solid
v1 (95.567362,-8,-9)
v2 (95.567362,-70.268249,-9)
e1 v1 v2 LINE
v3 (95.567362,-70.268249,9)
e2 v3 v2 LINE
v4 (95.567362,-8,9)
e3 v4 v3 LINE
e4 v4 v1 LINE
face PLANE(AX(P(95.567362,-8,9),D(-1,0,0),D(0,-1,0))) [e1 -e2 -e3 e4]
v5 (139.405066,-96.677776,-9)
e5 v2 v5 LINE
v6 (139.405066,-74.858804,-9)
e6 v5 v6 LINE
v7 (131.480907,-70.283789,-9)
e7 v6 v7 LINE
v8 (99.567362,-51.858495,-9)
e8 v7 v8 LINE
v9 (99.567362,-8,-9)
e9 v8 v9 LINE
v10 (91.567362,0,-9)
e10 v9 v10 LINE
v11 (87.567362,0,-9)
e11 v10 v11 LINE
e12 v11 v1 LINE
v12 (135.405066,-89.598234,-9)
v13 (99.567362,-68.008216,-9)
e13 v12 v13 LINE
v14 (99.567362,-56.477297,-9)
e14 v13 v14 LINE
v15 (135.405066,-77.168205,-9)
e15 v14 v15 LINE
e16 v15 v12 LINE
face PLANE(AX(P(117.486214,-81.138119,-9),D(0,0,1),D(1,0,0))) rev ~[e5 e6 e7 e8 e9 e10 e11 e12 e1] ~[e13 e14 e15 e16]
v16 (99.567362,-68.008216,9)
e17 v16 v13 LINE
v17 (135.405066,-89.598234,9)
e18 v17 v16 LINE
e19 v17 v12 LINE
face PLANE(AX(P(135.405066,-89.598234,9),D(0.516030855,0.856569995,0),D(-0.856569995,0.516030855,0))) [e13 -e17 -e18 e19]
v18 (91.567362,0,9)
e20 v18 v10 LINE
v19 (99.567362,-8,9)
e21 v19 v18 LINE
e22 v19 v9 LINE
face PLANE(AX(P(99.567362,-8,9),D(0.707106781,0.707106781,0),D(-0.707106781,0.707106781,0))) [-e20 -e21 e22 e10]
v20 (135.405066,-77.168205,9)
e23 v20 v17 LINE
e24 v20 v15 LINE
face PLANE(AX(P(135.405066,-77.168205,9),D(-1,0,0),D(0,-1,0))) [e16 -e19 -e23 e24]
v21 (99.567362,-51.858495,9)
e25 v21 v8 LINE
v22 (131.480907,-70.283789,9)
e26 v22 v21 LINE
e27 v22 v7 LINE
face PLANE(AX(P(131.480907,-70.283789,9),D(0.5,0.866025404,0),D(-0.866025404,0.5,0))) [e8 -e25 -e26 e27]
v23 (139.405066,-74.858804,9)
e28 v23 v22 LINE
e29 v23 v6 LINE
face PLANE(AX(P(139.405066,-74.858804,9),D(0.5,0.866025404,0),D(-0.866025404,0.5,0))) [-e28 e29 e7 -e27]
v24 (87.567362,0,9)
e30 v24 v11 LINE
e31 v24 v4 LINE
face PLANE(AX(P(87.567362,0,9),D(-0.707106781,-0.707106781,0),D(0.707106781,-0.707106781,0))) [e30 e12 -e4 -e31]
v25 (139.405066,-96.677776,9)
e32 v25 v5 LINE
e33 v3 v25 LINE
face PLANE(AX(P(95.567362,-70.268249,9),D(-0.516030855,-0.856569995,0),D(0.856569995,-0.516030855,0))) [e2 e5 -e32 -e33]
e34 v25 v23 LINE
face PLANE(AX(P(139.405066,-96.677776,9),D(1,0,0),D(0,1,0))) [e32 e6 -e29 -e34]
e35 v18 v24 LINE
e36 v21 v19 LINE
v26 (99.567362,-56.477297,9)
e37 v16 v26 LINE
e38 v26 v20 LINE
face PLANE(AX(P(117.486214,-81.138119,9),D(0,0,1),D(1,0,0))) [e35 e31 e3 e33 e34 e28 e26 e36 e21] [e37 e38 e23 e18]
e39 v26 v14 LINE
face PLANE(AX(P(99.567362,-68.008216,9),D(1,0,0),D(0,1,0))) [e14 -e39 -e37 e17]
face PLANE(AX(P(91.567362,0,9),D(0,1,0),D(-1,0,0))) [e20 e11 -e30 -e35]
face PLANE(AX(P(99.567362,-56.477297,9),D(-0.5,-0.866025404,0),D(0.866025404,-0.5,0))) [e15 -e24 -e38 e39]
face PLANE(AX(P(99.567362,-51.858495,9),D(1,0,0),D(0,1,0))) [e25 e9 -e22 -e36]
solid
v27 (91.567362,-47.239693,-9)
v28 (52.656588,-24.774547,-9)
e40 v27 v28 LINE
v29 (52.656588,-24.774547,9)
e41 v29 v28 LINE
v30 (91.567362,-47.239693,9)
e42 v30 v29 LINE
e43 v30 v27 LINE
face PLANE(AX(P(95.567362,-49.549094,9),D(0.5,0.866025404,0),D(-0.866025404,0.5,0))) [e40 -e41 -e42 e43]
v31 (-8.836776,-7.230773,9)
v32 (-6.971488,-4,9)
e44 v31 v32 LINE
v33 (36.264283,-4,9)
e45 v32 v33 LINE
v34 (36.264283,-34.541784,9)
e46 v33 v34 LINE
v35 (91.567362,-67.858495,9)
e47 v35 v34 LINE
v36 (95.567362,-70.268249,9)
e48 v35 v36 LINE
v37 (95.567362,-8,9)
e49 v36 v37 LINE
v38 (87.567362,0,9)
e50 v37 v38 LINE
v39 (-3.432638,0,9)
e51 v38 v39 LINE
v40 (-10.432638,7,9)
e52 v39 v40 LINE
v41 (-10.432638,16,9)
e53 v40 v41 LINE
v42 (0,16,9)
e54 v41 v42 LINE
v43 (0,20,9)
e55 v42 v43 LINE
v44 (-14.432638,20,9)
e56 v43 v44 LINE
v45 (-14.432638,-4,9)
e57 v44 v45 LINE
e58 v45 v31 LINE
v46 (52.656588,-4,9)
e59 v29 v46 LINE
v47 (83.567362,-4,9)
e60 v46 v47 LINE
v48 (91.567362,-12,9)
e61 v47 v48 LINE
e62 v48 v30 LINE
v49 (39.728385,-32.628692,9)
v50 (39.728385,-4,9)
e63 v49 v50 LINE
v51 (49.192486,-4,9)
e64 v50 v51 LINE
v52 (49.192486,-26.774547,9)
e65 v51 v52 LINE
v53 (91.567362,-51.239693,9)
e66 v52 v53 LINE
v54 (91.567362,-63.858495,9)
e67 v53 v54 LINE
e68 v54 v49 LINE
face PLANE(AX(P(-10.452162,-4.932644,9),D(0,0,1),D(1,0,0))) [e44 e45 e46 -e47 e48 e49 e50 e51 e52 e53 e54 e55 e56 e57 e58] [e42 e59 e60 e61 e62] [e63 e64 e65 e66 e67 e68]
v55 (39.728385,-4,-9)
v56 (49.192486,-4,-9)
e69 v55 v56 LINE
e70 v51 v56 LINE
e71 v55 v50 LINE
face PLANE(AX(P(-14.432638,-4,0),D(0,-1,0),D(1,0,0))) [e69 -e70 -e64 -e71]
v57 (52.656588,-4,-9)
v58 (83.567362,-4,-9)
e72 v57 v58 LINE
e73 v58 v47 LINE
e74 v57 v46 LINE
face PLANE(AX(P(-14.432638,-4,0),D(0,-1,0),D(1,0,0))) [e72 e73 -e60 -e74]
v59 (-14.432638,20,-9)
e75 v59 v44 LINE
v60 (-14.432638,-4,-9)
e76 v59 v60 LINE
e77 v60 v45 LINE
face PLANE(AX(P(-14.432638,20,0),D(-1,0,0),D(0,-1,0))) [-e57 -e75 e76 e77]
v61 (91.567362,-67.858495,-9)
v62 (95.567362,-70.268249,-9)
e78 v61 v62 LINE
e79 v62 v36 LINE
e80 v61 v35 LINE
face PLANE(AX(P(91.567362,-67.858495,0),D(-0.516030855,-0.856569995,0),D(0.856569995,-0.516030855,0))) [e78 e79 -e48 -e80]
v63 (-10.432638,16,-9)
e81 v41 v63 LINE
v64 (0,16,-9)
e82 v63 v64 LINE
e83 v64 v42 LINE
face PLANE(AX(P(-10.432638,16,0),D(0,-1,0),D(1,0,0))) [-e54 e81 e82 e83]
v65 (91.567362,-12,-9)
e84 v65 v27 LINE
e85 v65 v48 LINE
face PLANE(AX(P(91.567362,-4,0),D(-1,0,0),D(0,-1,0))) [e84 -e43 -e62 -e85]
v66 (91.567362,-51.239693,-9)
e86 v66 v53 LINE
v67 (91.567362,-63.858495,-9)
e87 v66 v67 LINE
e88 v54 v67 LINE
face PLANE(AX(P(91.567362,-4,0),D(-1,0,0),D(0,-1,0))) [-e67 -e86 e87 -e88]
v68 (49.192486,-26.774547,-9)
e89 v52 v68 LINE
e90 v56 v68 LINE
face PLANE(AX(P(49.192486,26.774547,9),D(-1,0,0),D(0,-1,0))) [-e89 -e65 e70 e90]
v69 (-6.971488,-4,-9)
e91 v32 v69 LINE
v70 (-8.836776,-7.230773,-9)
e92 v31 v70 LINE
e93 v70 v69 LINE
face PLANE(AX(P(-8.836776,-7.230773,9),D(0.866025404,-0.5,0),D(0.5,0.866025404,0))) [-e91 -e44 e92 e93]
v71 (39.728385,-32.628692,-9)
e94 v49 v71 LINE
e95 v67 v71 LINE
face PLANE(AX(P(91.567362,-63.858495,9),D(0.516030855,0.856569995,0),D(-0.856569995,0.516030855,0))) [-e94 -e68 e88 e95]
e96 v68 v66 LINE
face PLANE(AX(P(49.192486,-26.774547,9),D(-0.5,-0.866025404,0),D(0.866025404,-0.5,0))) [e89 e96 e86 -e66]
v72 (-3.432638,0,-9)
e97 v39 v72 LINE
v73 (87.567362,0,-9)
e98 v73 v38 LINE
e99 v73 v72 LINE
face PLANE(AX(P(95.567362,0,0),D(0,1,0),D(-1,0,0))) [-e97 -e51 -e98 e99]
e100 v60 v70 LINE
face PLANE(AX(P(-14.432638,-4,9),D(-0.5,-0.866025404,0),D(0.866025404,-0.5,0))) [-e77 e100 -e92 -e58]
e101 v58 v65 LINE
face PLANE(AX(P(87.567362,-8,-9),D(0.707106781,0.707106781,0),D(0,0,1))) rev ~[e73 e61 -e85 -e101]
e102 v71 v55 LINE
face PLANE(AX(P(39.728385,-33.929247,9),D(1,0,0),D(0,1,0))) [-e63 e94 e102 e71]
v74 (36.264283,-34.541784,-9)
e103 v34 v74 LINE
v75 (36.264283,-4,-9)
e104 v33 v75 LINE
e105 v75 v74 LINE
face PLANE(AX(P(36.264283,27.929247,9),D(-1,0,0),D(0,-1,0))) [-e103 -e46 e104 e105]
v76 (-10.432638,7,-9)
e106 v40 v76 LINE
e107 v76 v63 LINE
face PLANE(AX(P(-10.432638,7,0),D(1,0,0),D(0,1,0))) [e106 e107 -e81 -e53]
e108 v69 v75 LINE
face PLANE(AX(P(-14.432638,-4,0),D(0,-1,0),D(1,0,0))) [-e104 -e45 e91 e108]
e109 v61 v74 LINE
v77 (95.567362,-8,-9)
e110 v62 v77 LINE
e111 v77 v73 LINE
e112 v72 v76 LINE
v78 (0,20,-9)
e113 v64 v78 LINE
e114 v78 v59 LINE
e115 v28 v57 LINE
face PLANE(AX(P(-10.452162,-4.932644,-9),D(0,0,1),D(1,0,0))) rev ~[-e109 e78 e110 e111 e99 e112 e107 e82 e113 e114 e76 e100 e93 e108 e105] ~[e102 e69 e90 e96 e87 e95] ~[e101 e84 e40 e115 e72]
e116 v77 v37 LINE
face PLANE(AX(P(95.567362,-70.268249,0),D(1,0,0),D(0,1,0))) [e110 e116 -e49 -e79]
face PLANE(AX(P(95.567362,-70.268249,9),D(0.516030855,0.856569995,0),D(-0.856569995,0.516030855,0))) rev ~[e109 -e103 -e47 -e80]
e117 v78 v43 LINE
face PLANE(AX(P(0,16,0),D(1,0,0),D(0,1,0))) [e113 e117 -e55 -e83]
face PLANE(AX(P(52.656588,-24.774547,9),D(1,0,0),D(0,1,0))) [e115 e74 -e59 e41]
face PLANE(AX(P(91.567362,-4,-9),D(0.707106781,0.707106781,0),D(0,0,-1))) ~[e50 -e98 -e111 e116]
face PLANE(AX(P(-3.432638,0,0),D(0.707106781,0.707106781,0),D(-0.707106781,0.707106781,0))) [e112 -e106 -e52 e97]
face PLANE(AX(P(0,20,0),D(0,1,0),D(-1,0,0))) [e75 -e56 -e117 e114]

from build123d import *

# Parameters (mm, degrees)
F1_DEPTH  = 9
F3_DEPTH  = 25
F5_DEPTH  = 18
F7_DEPTH  = 18
F8_SIZE   = 8
F9_SIZE   = 8
F11_DEPTH = 25
F13_DEPTH = 18
F15_DEPTH = 25
F17_DEPTH = 18
F19_DEPTH = 18


with BuildPart() as f1:
    # F0 (on Top) → F1 (new body, symmetric)
    with BuildSketch(Plane.XY):
        Polygon((-10.432638064, 16), (0, 16), (0, 20), (-14.432638064, 20), (-14.432638064, -4), (91.567361936, -4), (95.567361936, -4), (95.567361936, 0), (-3.432638064, 0), (-10.432638064, 0), (-10.432638064, 7), align=None)
        Polygon((-3.432638064, 0), (-10.432638064, 7), (-10.432638064, 0), align=None)
        Polygon((95.567361936, -4), (91.567361936, -4), (91.567361936, -67.8584948182), (95.567361936, -70.2682493397), align=None)
    extrude(amount=F1_DEPTH, both=True)

    # F2 (on face) → F3 (cut)
    with BuildSketch(Plane.XY.offset(9)):
        Polygon((-43.0447869003, -70.2682493397), (95.567361936, -70.2682493397), (-14.432638064, -4), (-43.0447869003, -4), align=None)
    extrude(amount=-F3_DEPTH, mode=Mode.SUBTRACT)

    # F4 (on face) → F5 (join)
    with BuildSketch(Plane.XY.offset(9)):
        Polygon((36.264283176, -35.9292474091), (91.567361936, -67.8584948182), (146.870440696, -35.9292474091), (146.870440696, 27.9292474091), (91.567361936, 59.8584948182), (36.264283176, 27.9292474091), align=None)
        Polygon((143.4063390808, -33.9292474091), (91.567361936, -63.8584948182), (39.7283847911, -33.9292474091), (39.7283847911, 25.9292474091), (91.567361936, 55.8584948182), (143.4063390808, 25.9292474091), align=None, mode=Mode.SUBTRACT)
    extrude(amount=-F5_DEPTH)

    # F6 (on face) → F7 (join)
    with BuildSketch(Plane.XY.offset(9)):
        Polygon((49.1924864062, -26.7745468707), (95.567361936, -53.5490937415), (141.9422374657, -26.7745468707), (141.9422374657, 26.7745468707), (95.567361936, 53.5490937415), (49.1924864062, 26.7745468707), align=None)
        Polygon((138.4781358506, -24.7745468707), (95.567361936, -49.5490937415), (52.6565880214, -24.7745468707), (52.6565880214, 24.7745468707), (95.567361936, 49.5490937415), (138.4781358506, 24.7745468707), align=None, mode=Mode.SUBTRACT)
    extrude(amount=-F7_DEPTH)

    # F8
    f8_edges = [f1.edges().sort_by_distance(p)[0] for p in [
        (91.567362, -4, 0),
    ]]
    chamfer(f8_edges, length=F8_SIZE)

    # F9
    f9_edges = [f1.edges().sort_by_distance(p)[0] for p in [
        (95.567362, 0, 0),
    ]]
    chamfer(f9_edges, length=F9_SIZE)

    # F10 (on face) → F11 (cut)
    with BuildSketch(Plane.XY.offset(9)):
        Polygon((24.8906668276, 40.9471578896), (28.4933988005, 0), (95.567361936, 0), (95.567361936, -73.1679201126), (150.7629007101, -38.6447645724), (155.2586406469, 64.3327608705), (108.4874495864, 79.6543508768), align=None)
    extrude(amount=-F11_DEPTH, mode=Mode.SUBTRACT)

    # F12 (on face) → F13 (join)
    with BuildSketch(Plane.XY.offset(9)):
        Polygon((-6.9714882909, -4), (-14.432638064, -4), (-8.8367757342, -7.2307726225), align=None)
    extrude(amount=-F13_DEPTH)

    # F14 (on face) → F15 (cut)
    with BuildSketch(Plane.XY.offset(9)):
        Polygon((95.567361936, -70.2682493397), (-14.432638064, -4), (-31.3558727503, -4), (95.567361936, -79.2363807559), align=None)
    extrude(amount=-F15_DEPTH, mode=Mode.SUBTRACT)

    # F16 (on face) → F17 (join)
    with BuildSketch(Plane.XY.offset(9)):
        Polygon((91.567361936, -67.8584948182), (91.567361936, -63.8584948182), (39.7283847911, -32.6286924278), (36.264283176, -34.5417837953), align=None)
    extrude(amount=-F17_DEPTH)


with BuildPart() as f19:
    # F18 (on face) → F19 (new body)
    with BuildSketch(Plane.XY.offset(9)):
        Polygon((95.567361936, -65.5984616728), (95.567361936, -70.2682493397), (139.4050659721, -96.6777757173), (139.4050659721, -92.0079880504), (135.4050659721, -89.598233529), (99.567361936, -68.0082161942), align=None)
        Polygon((95.567361936, -54.167895895), (95.567361936, -65.5984616728), (99.567361936, -68.0082161942), (99.567361936, -56.4772969717), align=None)
        Polygon((135.4050659721, -89.598233529), (139.4050659721, -92.0079880504), (139.4050659721, -79.4776061209), (135.4050659721, -77.1682050441), align=None)
        Polygon((95.567361936, -49.5490937415), (95.567361936, -54.167895895), (99.567361936, -56.4772969717), (99.567361936, -51.8584948182), align=None)
        Polygon((135.4050659721, -77.1682050441), (139.4050659721, -79.4776061209), (139.4050659721, -74.8588039673), (131.4809072449, -70.2837887931), (99.567361936, -51.8584948182), (99.567361936, -56.4772969717), align=None)
        Polygon((95.567361936, -8), (95.567361936, -49.5490937415), (99.567361936, -51.8584948182), (99.567361936, -8), (91.567361936, 0), (87.567361936, 0), align=None)
    extrude(amount=-F19_DEPTH)


solid = Compound([f1.part, f19.part])
